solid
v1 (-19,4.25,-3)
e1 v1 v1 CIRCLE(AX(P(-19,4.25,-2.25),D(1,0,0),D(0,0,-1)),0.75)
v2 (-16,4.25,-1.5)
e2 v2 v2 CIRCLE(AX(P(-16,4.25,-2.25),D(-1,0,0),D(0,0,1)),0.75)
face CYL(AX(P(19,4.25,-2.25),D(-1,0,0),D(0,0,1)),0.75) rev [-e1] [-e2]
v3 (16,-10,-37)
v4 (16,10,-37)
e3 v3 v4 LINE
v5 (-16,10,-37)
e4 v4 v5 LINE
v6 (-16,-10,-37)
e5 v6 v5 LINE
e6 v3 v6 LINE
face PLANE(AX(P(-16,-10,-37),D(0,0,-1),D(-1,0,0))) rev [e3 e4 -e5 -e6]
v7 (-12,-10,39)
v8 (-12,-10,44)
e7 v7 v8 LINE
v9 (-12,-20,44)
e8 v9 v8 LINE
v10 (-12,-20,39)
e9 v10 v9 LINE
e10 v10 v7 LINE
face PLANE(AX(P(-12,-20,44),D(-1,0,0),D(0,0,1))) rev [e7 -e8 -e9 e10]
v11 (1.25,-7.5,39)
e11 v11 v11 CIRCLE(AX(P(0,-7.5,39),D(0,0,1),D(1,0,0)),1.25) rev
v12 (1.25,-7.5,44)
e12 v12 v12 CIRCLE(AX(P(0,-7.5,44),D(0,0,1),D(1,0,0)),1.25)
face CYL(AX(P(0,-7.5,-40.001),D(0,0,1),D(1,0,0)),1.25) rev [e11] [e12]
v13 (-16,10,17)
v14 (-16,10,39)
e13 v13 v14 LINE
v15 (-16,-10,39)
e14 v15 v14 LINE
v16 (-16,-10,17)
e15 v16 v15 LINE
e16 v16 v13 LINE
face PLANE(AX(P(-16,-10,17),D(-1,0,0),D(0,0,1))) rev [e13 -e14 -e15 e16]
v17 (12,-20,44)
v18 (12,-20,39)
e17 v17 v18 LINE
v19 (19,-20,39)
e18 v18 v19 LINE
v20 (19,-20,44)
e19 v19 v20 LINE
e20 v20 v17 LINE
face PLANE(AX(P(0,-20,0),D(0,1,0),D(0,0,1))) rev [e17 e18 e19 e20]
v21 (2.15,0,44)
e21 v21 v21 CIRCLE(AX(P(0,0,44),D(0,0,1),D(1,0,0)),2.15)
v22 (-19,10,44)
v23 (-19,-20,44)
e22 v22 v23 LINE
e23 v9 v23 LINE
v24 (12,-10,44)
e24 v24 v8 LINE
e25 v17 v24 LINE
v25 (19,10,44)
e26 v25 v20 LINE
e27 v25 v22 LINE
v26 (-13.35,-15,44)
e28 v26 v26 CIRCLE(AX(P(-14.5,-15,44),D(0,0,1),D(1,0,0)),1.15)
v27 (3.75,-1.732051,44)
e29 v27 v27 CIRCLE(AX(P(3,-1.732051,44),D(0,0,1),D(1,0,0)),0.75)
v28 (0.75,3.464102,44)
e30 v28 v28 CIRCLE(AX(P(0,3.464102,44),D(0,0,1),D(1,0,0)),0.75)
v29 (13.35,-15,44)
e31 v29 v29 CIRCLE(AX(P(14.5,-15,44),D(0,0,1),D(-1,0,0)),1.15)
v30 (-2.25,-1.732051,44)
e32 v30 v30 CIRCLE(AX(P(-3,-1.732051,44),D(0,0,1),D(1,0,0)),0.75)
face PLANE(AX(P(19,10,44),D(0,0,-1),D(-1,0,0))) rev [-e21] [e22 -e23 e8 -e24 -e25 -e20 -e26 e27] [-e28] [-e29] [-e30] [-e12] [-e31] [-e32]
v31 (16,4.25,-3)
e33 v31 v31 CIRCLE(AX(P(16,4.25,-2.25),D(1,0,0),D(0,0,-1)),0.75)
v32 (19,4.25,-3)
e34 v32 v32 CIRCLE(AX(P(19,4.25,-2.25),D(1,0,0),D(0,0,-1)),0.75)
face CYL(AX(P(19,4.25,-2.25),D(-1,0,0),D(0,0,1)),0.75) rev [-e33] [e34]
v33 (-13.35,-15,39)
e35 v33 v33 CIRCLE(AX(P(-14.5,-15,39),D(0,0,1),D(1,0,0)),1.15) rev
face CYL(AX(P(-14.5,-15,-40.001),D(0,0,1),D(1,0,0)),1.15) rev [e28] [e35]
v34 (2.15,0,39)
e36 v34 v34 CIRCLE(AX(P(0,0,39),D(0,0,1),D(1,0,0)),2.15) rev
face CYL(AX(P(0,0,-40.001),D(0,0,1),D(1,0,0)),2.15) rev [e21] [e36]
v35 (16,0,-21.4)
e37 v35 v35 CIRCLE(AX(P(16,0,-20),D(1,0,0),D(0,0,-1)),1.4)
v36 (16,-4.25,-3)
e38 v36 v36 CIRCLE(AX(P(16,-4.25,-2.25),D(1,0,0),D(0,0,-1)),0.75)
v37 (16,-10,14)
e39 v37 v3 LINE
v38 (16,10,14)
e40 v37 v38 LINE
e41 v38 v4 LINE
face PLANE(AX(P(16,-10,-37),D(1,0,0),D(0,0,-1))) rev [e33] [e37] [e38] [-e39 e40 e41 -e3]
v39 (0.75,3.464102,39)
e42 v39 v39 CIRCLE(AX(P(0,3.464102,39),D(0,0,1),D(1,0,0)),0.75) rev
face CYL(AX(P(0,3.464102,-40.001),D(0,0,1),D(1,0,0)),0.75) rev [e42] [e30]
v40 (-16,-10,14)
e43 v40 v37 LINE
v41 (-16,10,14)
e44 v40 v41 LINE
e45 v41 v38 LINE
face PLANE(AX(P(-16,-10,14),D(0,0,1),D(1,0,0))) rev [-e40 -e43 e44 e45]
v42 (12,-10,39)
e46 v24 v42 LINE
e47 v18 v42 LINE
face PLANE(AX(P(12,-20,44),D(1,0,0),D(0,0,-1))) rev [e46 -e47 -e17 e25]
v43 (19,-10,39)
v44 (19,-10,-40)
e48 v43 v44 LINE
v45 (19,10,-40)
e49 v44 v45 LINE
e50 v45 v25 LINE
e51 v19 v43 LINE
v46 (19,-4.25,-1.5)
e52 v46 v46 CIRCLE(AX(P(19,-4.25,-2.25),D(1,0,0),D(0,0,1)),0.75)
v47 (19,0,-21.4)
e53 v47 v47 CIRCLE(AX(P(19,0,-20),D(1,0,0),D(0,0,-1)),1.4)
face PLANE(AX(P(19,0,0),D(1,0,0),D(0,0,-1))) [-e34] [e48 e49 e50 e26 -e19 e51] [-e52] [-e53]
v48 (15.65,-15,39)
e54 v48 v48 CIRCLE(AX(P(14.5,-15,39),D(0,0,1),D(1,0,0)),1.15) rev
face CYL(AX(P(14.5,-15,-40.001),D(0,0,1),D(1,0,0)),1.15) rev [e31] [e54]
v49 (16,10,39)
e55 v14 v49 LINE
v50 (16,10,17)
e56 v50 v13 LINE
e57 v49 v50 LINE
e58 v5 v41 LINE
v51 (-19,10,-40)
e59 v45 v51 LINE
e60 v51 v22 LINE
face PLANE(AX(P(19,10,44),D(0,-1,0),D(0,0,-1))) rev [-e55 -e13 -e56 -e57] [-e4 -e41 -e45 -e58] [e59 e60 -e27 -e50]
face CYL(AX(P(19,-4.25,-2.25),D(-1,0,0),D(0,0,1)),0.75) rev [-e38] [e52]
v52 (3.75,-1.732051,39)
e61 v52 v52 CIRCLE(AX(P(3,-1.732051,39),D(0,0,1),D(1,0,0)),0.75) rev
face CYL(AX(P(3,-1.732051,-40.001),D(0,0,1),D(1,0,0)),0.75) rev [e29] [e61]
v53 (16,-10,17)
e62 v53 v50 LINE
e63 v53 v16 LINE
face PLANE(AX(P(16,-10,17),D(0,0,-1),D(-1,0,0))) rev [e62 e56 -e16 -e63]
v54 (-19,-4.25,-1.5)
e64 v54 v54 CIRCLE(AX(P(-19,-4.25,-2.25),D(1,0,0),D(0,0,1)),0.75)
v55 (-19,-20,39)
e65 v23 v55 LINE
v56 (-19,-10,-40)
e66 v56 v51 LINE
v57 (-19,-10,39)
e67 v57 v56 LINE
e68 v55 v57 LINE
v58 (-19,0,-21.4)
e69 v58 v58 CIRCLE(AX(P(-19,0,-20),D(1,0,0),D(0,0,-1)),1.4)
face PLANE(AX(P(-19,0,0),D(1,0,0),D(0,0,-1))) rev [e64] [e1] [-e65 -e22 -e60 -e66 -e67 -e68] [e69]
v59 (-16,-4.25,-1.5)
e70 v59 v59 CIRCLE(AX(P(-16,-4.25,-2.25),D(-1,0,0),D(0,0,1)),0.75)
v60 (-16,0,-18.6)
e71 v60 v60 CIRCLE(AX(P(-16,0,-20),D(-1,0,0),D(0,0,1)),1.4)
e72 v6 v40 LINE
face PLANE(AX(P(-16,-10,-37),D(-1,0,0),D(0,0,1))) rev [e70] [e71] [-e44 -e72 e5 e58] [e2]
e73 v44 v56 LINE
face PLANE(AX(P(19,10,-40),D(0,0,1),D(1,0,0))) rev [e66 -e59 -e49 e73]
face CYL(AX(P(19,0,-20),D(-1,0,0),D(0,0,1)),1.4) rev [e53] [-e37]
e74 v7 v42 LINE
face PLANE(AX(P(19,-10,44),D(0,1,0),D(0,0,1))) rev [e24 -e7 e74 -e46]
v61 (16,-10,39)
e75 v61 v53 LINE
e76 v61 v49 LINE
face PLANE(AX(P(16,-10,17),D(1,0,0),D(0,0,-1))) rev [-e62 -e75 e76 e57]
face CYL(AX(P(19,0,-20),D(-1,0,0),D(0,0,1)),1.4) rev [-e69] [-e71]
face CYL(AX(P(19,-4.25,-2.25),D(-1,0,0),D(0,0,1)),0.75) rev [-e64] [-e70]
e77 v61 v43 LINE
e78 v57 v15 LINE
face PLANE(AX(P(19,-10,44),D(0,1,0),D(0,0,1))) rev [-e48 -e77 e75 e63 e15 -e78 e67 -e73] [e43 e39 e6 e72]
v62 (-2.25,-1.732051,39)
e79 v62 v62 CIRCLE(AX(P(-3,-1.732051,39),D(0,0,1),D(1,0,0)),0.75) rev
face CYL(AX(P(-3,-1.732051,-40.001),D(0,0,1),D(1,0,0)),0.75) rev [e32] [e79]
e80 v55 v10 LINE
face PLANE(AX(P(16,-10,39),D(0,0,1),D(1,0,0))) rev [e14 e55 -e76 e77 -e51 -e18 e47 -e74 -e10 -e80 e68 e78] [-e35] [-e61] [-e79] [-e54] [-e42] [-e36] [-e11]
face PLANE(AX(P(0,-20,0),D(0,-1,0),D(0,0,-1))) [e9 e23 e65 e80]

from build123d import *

# Parameters (mm, degrees)
ESBO_O2_W                = 84
ESBO_O2_H                = 20
ESBO_O2_R                = 0.75
ESBO_O2_R_2              = 1.4
RESSALTO_EXTRUS_O1_DEPTH = 19
ESBO_O3_W                = 32
ESBO_O3_H                = 51
ESBO_O3_H_2              = 22
CORTE_EXTRUS_O1_DEPTH    = 21
ESBO_O6_W                = 7
ESBO_O6_H                = 5
RESSALTO_EXTRUS_O2_DEPTH = 10
CORTE_EXTRUS_O2_REACH    = 86
ESBO_O4_R                = 0.75
ESBO_O4_R_2              = 1.25
ESBO_O4_R_3              = 2.15
ESBO_O4_R_4              = 1.15


with BuildPart() as part:
    # Esboço2 → Ressalto-extrusão1 (new body, symmetric)
    with BuildSketch(Plane(origin=(0, 0, 0), x_dir=(0, 0, -1), z_dir=(1, 0, 0))):
        with Locations((-2, 0)):
            Rectangle(ESBO_O2_W, ESBO_O2_H)
        with Locations((2.25, 4.25)):
            Circle(ESBO_O2_R, mode=Mode.SUBTRACT)
        with Locations((2.25, -4.25)):
            Circle(ESBO_O2_R, mode=Mode.SUBTRACT)
        with Locations((20, 0)):
            Circle(ESBO_O2_R_2, mode=Mode.SUBTRACT)
    extrude(amount=RESSALTO_EXTRUS_O1_DEPTH, both=True)

    # Esboço3 → Corte-extrusão1 (cut, through all)
    with BuildSketch(Plane(origin=(0, 10, 0), x_dir=(1, 0, 0), z_dir=(0, 1, 0))):
        with Locations((0, 11.5)):
            Rectangle(ESBO_O3_W, ESBO_O3_H)
        with Locations((0, -28)):
            Rectangle(ESBO_O3_W, ESBO_O3_H_2)
    extrude(amount=-CORTE_EXTRUS_O1_DEPTH, mode=Mode.SUBTRACT)

    # Esboço6 → Ressalto-extrusão2 (add)
    with BuildSketch(Plane.XZ.offset(10)):
        with Locations((-15.5, 41.5)):
            Rectangle(ESBO_O6_W, ESBO_O6_H)
        with Locations((15.5, 41.5)):
            Rectangle(ESBO_O6_W, ESBO_O6_H)
    extrude(amount=RESSALTO_EXTRUS_O2_DEPTH)

    # Esboço4 → Corte-extrusão2 (cut, up to next)
    with BuildSketch(Plane.XY.offset(44), mode=Mode.PRIVATE) as corte_extrus_o2_sk1:
        with Locations((0, 3.464101615)):
            Circle(ESBO_O4_R)
    corte_extrus_o2_tool1 = extrude(corte_extrus_o2_sk1.sketch, amount=-CORTE_EXTRUS_O2_REACH, mode=Mode.PRIVATE) & part.part
    add(corte_extrus_o2_tool1.solids().sort_by_distance((0, 3.464102, 44))[0], mode=Mode.SUBTRACT)
    # Esboço4 → Corte-extrusão2 (cut, up to next)
    with BuildSketch(Plane.XY.offset(44), mode=Mode.PRIVATE) as corte_extrus_o2_sk2:
        with Locations((3, -1.732050808)):
            Circle(ESBO_O4_R)
    corte_extrus_o2_tool2 = extrude(corte_extrus_o2_sk2.sketch, amount=-CORTE_EXTRUS_O2_REACH, mode=Mode.PRIVATE) & part.part
    add(corte_extrus_o2_tool2.solids().sort_by_distance((3, -1.732051, 44))[0], mode=Mode.SUBTRACT)
    # Esboço4 → Corte-extrusão2 (cut, up to next)
    with BuildSketch(Plane.XY.offset(44), mode=Mode.PRIVATE) as corte_extrus_o2_sk3:
        with Locations((-3, -1.732050808)):
            Circle(ESBO_O4_R)
    corte_extrus_o2_tool3 = extrude(corte_extrus_o2_sk3.sketch, amount=-CORTE_EXTRUS_O2_REACH, mode=Mode.PRIVATE) & part.part
    add(corte_extrus_o2_tool3.solids().sort_by_distance((-3, -1.732051, 44))[0], mode=Mode.SUBTRACT)
    # Esboço4 → Corte-extrusão2 (cut, up to next)
    with BuildSketch(Plane.XY.offset(44), mode=Mode.PRIVATE) as corte_extrus_o2_sk4:
        with Locations((0, -7.5)):
            Circle(ESBO_O4_R_2)
    corte_extrus_o2_tool4 = extrude(corte_extrus_o2_sk4.sketch, amount=-CORTE_EXTRUS_O2_REACH, mode=Mode.PRIVATE) & part.part
    add(corte_extrus_o2_tool4.solids().sort_by_distance((0, -7.5, 44))[0], mode=Mode.SUBTRACT)
    # Esboço4 → Corte-extrusão2 (cut, up to next)
    with BuildSketch(Plane.XY.offset(44), mode=Mode.PRIVATE) as corte_extrus_o2_sk5:
        Circle(ESBO_O4_R_3)
    corte_extrus_o2_tool5 = extrude(corte_extrus_o2_sk5.sketch, amount=-CORTE_EXTRUS_O2_REACH, mode=Mode.PRIVATE) & part.part
    add(corte_extrus_o2_tool5.solids().sort_by_distance((0, 0, 44))[0], mode=Mode.SUBTRACT)
    # Esboço4 → Corte-extrusão2 (cut, up to next)
    with BuildSketch(Plane.XY.offset(44), mode=Mode.PRIVATE) as corte_extrus_o2_sk6:
        with Locations((-14.5, -15)):
            Circle(ESBO_O4_R_4)
    corte_extrus_o2_tool6 = extrude(corte_extrus_o2_sk6.sketch, amount=-CORTE_EXTRUS_O2_REACH, mode=Mode.PRIVATE) & part.part
    add(corte_extrus_o2_tool6.solids().sort_by_distance((-14.5, -15, 44))[0], mode=Mode.SUBTRACT)
    # Esboço4 → Corte-extrusão2 (cut, up to next)
    with BuildSketch(Plane.XY.offset(44), mode=Mode.PRIVATE) as corte_extrus_o2_sk7:
        with Locations((14.5, -15)):
            Circle(ESBO_O4_R_4)
    corte_extrus_o2_tool7 = extrude(corte_extrus_o2_sk7.sketch, amount=-CORTE_EXTRUS_O2_REACH, mode=Mode.PRIVATE) & part.part
    add(corte_extrus_o2_tool7.solids().sort_by_distance((14.5, -15, 44))[0], mode=Mode.SUBTRACT)


solid = part.part
